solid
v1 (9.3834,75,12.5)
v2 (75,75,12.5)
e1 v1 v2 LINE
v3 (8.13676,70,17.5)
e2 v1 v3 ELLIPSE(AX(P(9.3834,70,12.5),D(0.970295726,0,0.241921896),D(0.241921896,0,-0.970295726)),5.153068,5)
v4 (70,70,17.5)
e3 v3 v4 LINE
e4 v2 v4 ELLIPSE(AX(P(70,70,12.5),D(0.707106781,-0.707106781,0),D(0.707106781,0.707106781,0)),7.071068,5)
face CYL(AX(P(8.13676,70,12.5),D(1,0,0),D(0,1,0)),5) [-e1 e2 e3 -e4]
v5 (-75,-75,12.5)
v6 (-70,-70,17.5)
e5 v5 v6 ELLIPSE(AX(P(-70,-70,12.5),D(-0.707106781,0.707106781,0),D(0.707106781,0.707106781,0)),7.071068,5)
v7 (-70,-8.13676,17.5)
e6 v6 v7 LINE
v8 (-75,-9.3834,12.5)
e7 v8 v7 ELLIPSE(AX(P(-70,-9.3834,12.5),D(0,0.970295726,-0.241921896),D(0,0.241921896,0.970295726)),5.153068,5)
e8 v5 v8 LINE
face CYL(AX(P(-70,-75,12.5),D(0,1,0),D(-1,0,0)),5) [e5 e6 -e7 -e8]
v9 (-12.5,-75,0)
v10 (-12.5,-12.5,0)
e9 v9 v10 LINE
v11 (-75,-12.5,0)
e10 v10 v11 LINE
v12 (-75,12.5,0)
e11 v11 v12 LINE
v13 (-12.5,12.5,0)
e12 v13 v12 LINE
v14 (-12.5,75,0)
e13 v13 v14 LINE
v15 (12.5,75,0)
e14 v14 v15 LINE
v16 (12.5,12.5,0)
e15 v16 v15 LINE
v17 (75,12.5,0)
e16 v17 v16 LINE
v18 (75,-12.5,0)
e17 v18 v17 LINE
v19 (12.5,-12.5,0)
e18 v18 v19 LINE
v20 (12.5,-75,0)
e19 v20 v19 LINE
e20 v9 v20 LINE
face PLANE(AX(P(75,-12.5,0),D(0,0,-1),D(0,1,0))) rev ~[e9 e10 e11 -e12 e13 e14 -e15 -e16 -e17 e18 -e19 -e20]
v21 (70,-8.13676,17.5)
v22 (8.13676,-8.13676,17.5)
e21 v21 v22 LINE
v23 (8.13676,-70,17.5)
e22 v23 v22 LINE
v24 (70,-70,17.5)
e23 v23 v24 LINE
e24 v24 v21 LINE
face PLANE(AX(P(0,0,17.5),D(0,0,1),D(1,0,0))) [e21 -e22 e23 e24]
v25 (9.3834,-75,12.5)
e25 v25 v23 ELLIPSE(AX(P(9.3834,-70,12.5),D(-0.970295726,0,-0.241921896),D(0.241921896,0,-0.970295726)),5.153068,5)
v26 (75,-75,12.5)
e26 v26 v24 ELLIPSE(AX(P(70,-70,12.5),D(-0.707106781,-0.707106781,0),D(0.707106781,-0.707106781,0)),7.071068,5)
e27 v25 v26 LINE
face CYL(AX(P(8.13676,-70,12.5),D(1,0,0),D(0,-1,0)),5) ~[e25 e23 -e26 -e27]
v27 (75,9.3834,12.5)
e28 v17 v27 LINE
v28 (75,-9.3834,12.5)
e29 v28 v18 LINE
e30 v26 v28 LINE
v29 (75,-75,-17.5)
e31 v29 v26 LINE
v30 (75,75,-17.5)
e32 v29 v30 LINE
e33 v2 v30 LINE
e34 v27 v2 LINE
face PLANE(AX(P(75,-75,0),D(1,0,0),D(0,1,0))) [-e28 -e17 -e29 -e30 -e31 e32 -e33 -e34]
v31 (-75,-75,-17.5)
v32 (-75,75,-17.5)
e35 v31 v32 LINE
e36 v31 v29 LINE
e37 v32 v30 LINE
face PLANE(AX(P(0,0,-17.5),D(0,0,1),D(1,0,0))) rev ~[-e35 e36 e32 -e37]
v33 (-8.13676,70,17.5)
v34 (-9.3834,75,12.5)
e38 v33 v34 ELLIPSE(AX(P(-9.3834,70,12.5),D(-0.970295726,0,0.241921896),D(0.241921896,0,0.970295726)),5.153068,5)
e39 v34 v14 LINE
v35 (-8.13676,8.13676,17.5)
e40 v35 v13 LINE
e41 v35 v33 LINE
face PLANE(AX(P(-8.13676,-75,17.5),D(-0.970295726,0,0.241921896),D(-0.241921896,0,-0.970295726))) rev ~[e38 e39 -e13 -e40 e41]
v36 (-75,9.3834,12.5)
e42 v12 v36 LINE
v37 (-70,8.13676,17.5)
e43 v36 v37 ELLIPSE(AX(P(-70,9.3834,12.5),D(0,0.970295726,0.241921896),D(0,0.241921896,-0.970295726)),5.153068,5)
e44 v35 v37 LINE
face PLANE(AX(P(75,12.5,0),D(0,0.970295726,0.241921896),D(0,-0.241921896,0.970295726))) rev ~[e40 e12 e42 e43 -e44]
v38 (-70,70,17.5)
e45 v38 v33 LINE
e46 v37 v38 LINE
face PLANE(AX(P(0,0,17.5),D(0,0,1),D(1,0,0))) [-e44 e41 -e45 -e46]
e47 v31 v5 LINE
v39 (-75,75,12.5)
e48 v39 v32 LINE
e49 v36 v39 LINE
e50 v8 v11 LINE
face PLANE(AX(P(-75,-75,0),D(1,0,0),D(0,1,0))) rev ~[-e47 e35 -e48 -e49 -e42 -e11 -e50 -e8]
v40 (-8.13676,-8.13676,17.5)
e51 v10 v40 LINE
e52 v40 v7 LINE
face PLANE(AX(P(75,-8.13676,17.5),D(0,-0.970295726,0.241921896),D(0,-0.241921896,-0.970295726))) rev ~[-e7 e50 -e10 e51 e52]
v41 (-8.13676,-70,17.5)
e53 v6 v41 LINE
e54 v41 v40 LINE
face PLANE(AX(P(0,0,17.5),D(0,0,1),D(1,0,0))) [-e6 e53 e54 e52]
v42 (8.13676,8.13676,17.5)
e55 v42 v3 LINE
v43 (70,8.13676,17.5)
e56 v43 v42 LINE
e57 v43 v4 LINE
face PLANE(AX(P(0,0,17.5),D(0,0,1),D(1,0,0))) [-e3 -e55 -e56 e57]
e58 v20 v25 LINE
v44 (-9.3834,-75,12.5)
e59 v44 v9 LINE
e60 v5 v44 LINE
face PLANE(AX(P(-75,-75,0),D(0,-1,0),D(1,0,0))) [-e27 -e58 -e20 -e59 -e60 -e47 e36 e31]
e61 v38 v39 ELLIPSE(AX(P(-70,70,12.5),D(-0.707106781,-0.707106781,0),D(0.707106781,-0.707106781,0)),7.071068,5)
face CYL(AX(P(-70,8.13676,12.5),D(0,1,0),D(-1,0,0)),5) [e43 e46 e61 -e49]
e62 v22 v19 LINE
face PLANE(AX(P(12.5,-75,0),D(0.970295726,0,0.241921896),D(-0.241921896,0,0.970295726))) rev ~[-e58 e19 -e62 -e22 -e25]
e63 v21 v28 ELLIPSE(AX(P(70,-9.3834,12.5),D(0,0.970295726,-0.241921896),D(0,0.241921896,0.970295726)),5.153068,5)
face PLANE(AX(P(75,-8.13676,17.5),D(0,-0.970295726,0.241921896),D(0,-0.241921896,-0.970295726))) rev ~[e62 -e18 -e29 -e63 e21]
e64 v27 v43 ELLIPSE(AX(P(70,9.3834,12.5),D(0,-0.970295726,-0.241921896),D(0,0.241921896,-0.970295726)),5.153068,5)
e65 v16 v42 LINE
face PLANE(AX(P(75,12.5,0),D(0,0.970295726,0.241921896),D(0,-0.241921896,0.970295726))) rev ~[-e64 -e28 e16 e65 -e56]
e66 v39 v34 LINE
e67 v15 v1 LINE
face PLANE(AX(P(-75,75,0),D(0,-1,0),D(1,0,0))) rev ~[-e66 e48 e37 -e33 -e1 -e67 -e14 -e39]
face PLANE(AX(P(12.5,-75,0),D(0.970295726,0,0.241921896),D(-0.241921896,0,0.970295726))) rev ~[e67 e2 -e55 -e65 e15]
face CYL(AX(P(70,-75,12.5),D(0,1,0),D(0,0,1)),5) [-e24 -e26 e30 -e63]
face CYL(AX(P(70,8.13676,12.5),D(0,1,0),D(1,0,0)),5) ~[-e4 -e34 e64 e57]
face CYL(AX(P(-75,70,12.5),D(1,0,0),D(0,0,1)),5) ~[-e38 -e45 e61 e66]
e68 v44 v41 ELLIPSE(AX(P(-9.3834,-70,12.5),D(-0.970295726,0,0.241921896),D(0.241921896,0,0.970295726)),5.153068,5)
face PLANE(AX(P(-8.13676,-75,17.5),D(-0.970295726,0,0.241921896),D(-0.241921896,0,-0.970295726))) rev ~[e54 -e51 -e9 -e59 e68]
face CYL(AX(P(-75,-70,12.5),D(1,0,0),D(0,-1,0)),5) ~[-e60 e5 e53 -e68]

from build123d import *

# Parameters (mm, degrees)
F0_W     = 150
F0_H     = 150
F1_DEPTH = 17.5
F3_DEPTH = 150.001
F5_DEPTH = 150.001
F6_R     = 5


with BuildPart() as f1:
    # F0 (on Top) → F1 (new body, symmetric)
    with BuildSketch(Plane.XY):
        Rectangle(F0_W, F0_H)
    extrude(amount=F1_DEPTH, both=True)

    # F2 (on face) → F3 (cut, through all)
    with BuildSketch(Plane.XZ.offset(75)):
        Polygon((-8.1367599502, 17.5), (-12.5, 0), (12.5, 0), (8.1367599502, 17.5), align=None)
    extrude(amount=-F3_DEPTH, mode=Mode.SUBTRACT)

    # F4 (on face) → F5 (cut, through all)
    with BuildSketch(Plane.YZ.offset(75)):
        Polygon((-8.1367599502, 17.5), (-12.5, 0), (12.5, 0), (8.1367599502, 17.5), align=None)
    extrude(amount=-F5_DEPTH, mode=Mode.SUBTRACT)

    # F6
    f6_edges = [f1.edges().sort_by_distance(p)[0] for p in [
        (-75, -41.56838, 17.5),
        (-41.56838, -75, 17.5),
        (41.56838, -75, 17.5),
        (75, -41.56838, 17.5),
        (75, 41.56838, 17.5),
        (41.56838, 75, 17.5),
        (-41.56838, 75, 17.5),
        (-75, 41.56838, 17.5),
    ]]
    fillet(f6_edges, radius=F6_R)


solid = f1.part
